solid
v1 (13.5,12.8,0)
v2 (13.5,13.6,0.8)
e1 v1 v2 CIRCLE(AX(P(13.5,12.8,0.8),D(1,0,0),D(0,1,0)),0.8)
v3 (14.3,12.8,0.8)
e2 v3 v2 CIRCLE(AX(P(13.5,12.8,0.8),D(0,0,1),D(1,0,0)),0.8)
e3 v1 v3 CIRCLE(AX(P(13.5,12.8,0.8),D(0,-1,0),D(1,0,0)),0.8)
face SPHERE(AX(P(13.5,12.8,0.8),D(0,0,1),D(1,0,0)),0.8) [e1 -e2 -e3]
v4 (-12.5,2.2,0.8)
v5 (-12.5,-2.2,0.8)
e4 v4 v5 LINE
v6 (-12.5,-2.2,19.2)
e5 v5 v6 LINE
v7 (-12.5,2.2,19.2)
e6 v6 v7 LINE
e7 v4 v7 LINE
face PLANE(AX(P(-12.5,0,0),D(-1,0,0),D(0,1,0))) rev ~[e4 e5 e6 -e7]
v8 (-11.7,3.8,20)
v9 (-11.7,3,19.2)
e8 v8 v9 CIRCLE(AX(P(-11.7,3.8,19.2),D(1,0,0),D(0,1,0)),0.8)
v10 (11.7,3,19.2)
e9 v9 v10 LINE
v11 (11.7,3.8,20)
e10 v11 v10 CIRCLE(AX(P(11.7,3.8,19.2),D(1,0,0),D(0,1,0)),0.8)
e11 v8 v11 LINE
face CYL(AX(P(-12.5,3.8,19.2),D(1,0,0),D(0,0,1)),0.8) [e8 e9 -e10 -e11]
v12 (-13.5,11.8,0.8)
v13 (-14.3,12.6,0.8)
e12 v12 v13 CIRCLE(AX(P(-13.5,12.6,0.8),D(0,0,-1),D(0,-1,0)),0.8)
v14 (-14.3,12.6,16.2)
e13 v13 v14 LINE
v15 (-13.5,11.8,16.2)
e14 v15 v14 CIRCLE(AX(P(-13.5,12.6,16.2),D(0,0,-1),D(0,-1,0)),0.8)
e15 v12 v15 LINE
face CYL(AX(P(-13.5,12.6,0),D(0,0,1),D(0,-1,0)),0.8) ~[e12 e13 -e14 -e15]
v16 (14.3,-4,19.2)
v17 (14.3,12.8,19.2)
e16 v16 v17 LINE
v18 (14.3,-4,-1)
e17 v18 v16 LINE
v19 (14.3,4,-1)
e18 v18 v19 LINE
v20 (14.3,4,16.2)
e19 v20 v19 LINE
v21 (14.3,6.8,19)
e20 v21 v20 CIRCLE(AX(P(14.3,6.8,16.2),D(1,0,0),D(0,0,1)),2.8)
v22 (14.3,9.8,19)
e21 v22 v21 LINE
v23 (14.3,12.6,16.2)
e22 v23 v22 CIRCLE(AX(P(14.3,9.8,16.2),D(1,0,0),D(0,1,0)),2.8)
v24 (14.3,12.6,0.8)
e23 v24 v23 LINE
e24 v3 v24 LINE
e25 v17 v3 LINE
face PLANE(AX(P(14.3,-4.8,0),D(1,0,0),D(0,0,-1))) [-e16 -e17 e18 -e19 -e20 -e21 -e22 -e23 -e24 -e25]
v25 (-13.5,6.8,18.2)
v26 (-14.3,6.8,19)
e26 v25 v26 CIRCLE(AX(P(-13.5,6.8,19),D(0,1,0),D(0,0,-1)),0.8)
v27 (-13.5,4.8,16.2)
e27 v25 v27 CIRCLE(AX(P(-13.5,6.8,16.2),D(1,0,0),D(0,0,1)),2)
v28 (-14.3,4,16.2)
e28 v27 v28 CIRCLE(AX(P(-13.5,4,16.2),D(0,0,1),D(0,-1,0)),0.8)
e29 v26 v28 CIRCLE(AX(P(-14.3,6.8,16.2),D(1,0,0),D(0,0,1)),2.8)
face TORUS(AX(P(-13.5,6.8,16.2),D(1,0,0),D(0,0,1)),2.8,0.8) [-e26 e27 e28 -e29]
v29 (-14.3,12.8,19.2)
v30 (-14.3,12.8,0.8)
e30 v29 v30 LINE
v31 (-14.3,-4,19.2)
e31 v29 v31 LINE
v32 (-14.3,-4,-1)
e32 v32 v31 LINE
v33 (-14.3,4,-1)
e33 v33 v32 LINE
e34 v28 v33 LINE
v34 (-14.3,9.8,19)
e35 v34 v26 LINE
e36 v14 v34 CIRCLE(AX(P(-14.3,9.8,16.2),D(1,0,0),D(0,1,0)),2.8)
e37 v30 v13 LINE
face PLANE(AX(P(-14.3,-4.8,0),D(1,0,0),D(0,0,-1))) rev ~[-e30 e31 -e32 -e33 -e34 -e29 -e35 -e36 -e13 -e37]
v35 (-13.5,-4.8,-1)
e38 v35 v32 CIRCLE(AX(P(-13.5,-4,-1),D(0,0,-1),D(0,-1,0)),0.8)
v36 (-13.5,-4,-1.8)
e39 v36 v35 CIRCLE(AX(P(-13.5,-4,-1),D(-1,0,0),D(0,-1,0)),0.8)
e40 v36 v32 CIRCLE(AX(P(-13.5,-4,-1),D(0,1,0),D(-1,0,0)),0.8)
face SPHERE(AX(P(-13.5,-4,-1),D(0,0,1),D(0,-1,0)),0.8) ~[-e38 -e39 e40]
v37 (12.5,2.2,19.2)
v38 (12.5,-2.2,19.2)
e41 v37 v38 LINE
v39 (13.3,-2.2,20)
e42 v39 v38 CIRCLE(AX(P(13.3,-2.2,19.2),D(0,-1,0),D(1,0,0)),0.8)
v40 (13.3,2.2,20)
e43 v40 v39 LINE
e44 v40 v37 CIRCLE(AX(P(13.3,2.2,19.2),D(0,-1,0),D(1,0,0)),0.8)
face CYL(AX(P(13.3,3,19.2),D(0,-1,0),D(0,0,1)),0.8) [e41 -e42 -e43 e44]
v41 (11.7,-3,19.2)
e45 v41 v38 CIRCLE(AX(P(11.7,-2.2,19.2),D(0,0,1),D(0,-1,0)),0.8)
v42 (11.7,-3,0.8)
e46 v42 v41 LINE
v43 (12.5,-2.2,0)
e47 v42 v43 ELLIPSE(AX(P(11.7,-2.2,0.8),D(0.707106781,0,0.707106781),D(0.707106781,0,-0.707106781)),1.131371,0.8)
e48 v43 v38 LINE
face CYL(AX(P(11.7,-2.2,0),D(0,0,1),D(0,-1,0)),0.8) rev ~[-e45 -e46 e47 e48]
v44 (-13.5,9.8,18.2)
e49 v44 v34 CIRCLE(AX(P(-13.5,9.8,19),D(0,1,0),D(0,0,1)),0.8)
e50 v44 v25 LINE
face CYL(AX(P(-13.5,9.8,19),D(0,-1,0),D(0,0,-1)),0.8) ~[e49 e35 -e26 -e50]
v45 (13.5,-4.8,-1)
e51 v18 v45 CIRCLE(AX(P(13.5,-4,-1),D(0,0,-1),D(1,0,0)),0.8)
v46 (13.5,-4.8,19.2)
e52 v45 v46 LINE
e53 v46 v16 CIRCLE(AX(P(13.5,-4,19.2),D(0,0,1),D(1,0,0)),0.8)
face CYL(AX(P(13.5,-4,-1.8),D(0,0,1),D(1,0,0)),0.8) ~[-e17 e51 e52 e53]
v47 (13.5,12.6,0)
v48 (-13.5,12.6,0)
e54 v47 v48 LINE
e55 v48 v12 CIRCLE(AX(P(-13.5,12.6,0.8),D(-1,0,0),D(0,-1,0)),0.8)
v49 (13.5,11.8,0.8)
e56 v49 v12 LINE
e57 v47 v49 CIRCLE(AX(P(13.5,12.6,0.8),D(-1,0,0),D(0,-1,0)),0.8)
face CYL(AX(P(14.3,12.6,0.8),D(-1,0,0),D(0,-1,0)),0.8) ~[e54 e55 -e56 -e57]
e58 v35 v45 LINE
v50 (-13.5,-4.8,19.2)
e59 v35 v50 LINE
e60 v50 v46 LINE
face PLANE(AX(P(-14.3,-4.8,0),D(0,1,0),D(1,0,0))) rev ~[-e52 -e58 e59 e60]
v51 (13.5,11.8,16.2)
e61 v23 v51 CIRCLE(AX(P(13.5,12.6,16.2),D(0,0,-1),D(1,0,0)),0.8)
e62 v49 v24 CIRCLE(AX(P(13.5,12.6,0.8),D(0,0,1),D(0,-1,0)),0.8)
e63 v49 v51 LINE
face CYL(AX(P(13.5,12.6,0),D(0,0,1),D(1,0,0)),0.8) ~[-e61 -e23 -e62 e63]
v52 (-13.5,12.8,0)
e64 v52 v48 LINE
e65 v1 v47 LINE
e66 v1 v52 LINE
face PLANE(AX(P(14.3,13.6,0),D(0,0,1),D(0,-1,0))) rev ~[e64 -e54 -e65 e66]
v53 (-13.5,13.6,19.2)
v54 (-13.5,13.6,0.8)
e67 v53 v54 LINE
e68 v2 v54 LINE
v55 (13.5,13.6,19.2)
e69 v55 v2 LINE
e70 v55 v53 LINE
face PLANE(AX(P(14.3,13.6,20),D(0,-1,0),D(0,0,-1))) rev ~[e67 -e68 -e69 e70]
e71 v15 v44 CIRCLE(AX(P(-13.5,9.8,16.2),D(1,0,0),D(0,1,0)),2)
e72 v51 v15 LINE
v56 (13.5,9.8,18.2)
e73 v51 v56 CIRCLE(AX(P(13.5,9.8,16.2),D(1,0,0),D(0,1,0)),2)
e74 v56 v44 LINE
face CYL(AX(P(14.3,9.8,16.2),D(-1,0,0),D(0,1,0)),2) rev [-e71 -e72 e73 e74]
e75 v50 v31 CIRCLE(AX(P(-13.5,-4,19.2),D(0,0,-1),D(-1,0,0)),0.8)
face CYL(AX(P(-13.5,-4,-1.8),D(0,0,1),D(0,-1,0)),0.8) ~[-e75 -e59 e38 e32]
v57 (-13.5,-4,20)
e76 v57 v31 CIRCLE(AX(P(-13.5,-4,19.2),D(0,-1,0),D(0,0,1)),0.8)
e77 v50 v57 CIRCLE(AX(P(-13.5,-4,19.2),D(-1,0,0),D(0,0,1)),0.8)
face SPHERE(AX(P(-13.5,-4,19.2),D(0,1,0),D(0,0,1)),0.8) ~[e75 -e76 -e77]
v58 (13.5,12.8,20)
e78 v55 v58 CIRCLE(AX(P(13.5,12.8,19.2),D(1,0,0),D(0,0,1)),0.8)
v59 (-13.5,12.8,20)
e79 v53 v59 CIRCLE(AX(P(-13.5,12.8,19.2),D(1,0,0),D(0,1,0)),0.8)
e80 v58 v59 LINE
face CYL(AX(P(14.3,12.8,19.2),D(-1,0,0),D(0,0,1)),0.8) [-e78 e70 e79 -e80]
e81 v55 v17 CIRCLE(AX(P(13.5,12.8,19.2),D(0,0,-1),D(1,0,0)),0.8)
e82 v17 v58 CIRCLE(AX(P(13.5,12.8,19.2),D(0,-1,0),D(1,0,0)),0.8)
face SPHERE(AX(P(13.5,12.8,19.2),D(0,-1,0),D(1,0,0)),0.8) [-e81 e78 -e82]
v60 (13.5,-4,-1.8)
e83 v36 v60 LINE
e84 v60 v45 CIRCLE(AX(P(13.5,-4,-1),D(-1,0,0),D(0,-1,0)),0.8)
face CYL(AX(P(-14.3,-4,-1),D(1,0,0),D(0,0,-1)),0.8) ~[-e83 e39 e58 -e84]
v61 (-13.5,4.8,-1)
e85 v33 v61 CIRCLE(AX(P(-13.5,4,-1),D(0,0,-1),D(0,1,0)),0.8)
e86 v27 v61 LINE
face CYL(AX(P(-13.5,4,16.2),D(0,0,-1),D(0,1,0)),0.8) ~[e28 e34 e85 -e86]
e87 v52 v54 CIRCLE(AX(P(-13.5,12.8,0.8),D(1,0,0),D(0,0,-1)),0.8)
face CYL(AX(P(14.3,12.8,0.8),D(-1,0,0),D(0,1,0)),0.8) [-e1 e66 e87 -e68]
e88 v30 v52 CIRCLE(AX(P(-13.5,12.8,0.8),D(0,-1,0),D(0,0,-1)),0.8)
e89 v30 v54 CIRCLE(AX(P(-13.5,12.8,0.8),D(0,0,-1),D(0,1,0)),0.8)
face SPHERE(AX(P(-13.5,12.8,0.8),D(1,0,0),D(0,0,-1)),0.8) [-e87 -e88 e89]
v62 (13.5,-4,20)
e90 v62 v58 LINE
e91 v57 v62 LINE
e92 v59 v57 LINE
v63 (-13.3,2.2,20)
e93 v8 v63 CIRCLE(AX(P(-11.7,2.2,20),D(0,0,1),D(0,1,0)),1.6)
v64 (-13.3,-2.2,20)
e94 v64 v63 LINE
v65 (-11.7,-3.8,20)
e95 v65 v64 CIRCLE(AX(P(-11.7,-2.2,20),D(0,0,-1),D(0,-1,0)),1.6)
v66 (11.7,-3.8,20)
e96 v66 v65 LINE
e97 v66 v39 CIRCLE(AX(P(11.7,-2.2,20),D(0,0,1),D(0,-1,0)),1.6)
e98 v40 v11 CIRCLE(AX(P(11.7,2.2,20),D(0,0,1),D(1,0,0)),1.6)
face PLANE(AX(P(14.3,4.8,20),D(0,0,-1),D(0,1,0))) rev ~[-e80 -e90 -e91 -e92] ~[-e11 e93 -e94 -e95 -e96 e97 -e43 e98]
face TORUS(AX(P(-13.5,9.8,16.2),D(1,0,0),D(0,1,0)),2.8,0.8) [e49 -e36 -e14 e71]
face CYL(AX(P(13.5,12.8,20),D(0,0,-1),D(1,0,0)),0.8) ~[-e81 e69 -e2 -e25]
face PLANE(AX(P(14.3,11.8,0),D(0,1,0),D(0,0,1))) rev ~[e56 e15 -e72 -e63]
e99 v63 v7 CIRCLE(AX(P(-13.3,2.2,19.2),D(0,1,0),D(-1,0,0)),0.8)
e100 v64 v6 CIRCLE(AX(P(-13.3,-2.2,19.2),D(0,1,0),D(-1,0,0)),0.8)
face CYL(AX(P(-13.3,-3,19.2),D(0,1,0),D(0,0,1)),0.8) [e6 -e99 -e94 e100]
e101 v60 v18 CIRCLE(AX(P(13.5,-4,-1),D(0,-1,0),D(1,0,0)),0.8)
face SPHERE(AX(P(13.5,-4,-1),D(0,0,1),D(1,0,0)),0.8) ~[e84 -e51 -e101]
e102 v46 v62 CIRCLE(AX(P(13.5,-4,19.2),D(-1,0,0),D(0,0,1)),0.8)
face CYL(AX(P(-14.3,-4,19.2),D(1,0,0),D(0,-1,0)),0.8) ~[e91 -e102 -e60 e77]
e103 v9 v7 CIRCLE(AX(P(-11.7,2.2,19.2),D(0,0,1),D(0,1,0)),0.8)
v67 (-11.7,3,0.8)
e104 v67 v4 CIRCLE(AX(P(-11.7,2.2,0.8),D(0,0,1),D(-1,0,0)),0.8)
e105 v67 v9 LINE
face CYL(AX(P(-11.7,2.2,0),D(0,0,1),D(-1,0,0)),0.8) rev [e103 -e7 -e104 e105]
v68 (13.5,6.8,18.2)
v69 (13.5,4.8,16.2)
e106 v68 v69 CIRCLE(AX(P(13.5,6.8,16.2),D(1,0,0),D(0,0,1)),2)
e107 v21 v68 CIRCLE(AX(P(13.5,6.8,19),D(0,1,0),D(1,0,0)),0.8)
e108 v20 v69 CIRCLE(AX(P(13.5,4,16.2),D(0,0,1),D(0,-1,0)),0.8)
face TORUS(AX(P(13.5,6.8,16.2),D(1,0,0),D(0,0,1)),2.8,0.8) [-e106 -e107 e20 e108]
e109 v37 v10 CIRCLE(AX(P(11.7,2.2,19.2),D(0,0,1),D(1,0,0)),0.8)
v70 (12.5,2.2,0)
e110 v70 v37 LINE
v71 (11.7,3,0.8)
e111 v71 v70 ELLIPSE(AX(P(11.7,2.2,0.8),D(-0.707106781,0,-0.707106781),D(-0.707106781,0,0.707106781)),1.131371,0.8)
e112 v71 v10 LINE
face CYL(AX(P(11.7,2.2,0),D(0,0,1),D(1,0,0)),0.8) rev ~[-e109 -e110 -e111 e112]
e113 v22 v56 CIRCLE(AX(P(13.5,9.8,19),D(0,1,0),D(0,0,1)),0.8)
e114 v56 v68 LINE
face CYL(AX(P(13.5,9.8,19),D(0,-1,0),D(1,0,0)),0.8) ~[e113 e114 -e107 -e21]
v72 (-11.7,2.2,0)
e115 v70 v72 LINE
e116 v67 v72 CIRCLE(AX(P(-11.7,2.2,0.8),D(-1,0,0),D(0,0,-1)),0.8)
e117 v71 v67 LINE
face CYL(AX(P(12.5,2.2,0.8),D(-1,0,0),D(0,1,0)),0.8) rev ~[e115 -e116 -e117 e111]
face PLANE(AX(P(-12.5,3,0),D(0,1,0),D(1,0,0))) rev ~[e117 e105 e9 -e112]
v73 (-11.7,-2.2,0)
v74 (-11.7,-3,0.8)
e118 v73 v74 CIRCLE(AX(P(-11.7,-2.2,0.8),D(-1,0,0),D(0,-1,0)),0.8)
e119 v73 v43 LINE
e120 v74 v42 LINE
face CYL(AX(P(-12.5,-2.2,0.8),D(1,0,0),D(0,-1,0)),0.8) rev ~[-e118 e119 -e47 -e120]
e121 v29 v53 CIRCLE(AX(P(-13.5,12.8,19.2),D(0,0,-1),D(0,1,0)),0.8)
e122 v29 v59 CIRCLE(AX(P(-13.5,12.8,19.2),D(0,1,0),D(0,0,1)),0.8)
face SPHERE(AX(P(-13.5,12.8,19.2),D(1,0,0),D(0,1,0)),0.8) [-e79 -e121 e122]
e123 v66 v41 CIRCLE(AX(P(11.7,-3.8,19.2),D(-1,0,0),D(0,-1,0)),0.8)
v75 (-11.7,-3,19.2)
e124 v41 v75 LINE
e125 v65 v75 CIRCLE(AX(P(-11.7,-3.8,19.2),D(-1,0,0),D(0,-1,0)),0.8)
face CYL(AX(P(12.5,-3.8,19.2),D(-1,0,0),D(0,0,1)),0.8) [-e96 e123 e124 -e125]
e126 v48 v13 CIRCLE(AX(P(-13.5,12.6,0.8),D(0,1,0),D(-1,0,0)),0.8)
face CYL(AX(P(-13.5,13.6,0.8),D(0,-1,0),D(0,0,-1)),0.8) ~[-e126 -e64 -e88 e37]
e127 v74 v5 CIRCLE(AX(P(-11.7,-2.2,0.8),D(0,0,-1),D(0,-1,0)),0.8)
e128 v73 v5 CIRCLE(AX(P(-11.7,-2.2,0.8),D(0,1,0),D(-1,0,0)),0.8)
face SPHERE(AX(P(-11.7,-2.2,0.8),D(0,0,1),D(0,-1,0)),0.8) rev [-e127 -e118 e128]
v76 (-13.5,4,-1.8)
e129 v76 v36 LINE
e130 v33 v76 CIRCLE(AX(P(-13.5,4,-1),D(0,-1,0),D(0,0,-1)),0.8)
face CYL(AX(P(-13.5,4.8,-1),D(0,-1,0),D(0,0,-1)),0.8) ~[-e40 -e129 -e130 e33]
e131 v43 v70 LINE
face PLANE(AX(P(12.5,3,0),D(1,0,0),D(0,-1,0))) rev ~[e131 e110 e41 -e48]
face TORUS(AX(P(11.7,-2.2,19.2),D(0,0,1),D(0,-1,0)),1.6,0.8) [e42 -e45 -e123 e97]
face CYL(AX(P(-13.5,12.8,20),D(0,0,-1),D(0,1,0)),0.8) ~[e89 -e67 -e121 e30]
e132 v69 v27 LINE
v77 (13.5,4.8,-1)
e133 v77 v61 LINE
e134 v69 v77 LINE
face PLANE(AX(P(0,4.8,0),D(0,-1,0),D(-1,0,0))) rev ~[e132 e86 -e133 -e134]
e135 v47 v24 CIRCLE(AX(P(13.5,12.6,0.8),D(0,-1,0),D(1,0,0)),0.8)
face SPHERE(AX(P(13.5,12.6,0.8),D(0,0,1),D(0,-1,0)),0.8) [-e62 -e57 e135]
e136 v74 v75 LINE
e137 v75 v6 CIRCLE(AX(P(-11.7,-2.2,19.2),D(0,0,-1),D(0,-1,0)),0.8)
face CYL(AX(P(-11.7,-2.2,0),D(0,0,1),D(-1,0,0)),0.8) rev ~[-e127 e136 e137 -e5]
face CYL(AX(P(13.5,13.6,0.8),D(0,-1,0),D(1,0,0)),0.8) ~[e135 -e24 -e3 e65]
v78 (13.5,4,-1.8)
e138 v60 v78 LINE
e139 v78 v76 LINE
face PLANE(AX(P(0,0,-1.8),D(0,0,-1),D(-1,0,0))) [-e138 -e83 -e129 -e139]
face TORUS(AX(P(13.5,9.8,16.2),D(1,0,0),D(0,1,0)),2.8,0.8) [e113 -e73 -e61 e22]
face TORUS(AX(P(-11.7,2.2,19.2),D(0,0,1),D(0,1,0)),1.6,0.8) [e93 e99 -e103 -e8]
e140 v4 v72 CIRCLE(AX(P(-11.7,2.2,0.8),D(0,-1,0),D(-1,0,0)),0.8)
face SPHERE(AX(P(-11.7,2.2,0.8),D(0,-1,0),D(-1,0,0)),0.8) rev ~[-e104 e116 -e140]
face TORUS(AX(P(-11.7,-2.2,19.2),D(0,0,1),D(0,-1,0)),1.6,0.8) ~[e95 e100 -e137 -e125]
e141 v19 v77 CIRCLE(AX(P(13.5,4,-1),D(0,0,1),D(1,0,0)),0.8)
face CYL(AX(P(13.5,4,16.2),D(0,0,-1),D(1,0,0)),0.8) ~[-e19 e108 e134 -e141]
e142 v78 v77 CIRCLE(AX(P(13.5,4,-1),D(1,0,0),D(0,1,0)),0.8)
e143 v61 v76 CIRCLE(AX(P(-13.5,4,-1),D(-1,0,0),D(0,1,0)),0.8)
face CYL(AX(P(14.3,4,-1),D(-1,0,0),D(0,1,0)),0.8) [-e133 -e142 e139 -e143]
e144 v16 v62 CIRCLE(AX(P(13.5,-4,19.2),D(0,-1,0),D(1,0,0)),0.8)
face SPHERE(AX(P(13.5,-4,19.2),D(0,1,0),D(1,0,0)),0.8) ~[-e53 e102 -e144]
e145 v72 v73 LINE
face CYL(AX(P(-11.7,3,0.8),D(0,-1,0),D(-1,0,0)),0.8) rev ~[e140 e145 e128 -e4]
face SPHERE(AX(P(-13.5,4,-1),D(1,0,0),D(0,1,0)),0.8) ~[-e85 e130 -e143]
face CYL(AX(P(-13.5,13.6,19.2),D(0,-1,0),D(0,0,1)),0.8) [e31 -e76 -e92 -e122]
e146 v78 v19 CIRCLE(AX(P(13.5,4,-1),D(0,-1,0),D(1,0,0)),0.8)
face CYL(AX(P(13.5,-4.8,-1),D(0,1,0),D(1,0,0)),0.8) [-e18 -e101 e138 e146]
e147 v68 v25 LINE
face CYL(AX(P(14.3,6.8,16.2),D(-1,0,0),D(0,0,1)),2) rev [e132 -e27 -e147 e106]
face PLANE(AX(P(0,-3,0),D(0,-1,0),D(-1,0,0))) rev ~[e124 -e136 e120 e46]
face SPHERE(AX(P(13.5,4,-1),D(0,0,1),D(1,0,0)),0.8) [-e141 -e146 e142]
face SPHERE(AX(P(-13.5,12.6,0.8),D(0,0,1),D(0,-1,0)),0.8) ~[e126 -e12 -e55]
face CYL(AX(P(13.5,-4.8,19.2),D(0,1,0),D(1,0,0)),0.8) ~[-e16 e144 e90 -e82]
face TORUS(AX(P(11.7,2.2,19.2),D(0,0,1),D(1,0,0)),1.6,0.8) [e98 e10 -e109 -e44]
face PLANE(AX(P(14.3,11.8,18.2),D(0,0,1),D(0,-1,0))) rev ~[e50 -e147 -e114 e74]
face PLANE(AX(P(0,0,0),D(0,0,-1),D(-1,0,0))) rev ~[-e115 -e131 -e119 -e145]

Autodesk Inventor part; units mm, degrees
ref_plane "YZ Plane" through (0, 0, 0) normal (1, 0, 0) x (0, 1, 0)
ref_plane "XZ Plane" through (0, 0, 0) normal (0, 1, 0) x (-1, 0, 0)
ref_plane "XY Plane" through (0, 0, 0) normal (0, 0, 1) x (1, 0, 0)
sketch "Sketch1" plane through (0, 0, 0) normal (0, 0, 1) x (1, 0, 0)
  line L0 (-20.02, 0) -> (20.02, 0) projected
  line L1 (0, -8.48) -> (0, 17.28) projected
  line L2 (-12.5, 3) -> (12.5, 3)
  line L3 (12.5, 3) -> (12.5, -3)
  line L4 (12.5, -3) -> (-12.5, -3)
  line L5 (-12.5, -3) -> (-12.5, 3)
  line L6 (14.3, 4.8) -> (-14.3, 4.8)
  line L7 (-14.3, 4.8) -> (-14.3, -4.8)
  line L8 (-14.3, -4.8) -> (14.3, -4.8)
  line L9 (14.3, -4.8) -> (14.3, 4.8)
  point P0 (0, 0)
  dimension "d0" = 1.8
  dimension "d1" = 25
  dimension "d2" = 6
extrude "Extrusion1" add sketch "Sketch1" along normal blind 20 contours L7 L6 L1 L2 L5 L0 | L0 L5 L4 L1 L8 L7 | L6 L9 L0 L3 L2 L1 | L1 L4 L3 L0 L9 L8
ref_plane "Work Plane1" through (0, 0, -1.8) normal (0, 0, -1) x (-1, 0, 0)
sketch "Sketch3" plane through (0, 0, -1.8) normal (0, 0, -1) x (-1, 0, 0)
  line L0 (-14.3, -4.8) -> (-14.3, 4.8) projected
  line L1 (-12.5, -3) -> (-12.5, 3) projected
  line L2 (-12.5, 3) -> (12.5, 3) projected
  line L3 (12.5, 3) -> (12.5, -3) projected
  line L4 (12.5, -3) -> (-12.5, -3) projected
  line L5 (-14.3, 4.8) -> (14.3, 4.8) projected
  line L6 (-14.3, -4.8) -> (-14.3, 4.8) projected
  line L7 (14.3, -4.8) -> (-14.3, -4.8) projected
  line L8 (14.3, 4.8) -> (14.3, -4.8) projected
  point P0 (0, 0)
extrude "Extrusion2" add sketch "Sketch3" against normal blind 1.8 contours L0 L5 L8 L7 | L1 L2 L3 L4
sketch "Sketch2" plane through (14.3, -4.8, 0) normal (1, 0, 0) x (0, 0, -1)
  line L0 (0, 1.8) -> (-20, 1.8) projected
  line L1 (1.8, 9.6) -> (-20, 9.6) projected
  line L2 (-20, 0) -> (-20, 9.6) projected
  line L3 (1.8, 0) -> (-20, 0) projected
  line L4 (-20, 9.6) -> (-20, 18.4)
  line L5 (-20, 18.4) -> (0, 18.4)
  line L6 (0, 18.4) -> (0, 16.6)
  line L7 (0, 16.6) -> (-18.2, 16.6)
  line L8 (-18.2, 16.6) -> (-18.2, 9.6)
  line L9 (1.8, 9.6) -> (1.8, 0) projected
  point P0 (0, 4.8)
  dimension "d5" = 1.8
  dimension "d6" = 1.8
  dimension "d7" = 7
extrude "Extrusion3" add sketch "Sketch2" against normal blind 28.6 contours L1 L4 L5 L6 L7 L8
fillet "Fillet1" radius 2 2 edges at (0, 4.8, 18.2) (0, 11.8, 18.2)
fillet "Fillet2" radius 0.8 33 edges at (14.3, 4.4, 20) (14.3, 13.6, 10) (14.3, 8.3, 18.2) (14.3, 11.8, 8.1) (14.3, 4.8, 7.2) (14.3, -4.8, 9.1) (14.3, 0, -1.8) (0, 4.8, -1.8) (-14.3, 8.3, 18.2) (-14.3, 11.8, 8.1) (-14.3, 4.8, 7.2) (0, 11.8, 0) (14.3, 12.7, 0) (0, 13.6, 0) (-14.3, 12.7, 0) (0, 13.6, 20) (-14.3, 13.6, 10) (-14.3, 4.4, 20) (0, -4.8, 20) (-14.3, -4.8, 9.1) (0, -4.8, -1.8) (-14.3, 0, -1.8) (0, -3, 20) (12.5, 0, 20) (0, 3, 20) (-12.5, 0, 20) (-12.5, -3, 10) (0, -3, 0) (-12.5, 0, 0) (-12.5, 3, 10) (0, 3, 0) (12.5, -3, 10) (12.5, 3, 10)
properties part number "sd.adapter"
